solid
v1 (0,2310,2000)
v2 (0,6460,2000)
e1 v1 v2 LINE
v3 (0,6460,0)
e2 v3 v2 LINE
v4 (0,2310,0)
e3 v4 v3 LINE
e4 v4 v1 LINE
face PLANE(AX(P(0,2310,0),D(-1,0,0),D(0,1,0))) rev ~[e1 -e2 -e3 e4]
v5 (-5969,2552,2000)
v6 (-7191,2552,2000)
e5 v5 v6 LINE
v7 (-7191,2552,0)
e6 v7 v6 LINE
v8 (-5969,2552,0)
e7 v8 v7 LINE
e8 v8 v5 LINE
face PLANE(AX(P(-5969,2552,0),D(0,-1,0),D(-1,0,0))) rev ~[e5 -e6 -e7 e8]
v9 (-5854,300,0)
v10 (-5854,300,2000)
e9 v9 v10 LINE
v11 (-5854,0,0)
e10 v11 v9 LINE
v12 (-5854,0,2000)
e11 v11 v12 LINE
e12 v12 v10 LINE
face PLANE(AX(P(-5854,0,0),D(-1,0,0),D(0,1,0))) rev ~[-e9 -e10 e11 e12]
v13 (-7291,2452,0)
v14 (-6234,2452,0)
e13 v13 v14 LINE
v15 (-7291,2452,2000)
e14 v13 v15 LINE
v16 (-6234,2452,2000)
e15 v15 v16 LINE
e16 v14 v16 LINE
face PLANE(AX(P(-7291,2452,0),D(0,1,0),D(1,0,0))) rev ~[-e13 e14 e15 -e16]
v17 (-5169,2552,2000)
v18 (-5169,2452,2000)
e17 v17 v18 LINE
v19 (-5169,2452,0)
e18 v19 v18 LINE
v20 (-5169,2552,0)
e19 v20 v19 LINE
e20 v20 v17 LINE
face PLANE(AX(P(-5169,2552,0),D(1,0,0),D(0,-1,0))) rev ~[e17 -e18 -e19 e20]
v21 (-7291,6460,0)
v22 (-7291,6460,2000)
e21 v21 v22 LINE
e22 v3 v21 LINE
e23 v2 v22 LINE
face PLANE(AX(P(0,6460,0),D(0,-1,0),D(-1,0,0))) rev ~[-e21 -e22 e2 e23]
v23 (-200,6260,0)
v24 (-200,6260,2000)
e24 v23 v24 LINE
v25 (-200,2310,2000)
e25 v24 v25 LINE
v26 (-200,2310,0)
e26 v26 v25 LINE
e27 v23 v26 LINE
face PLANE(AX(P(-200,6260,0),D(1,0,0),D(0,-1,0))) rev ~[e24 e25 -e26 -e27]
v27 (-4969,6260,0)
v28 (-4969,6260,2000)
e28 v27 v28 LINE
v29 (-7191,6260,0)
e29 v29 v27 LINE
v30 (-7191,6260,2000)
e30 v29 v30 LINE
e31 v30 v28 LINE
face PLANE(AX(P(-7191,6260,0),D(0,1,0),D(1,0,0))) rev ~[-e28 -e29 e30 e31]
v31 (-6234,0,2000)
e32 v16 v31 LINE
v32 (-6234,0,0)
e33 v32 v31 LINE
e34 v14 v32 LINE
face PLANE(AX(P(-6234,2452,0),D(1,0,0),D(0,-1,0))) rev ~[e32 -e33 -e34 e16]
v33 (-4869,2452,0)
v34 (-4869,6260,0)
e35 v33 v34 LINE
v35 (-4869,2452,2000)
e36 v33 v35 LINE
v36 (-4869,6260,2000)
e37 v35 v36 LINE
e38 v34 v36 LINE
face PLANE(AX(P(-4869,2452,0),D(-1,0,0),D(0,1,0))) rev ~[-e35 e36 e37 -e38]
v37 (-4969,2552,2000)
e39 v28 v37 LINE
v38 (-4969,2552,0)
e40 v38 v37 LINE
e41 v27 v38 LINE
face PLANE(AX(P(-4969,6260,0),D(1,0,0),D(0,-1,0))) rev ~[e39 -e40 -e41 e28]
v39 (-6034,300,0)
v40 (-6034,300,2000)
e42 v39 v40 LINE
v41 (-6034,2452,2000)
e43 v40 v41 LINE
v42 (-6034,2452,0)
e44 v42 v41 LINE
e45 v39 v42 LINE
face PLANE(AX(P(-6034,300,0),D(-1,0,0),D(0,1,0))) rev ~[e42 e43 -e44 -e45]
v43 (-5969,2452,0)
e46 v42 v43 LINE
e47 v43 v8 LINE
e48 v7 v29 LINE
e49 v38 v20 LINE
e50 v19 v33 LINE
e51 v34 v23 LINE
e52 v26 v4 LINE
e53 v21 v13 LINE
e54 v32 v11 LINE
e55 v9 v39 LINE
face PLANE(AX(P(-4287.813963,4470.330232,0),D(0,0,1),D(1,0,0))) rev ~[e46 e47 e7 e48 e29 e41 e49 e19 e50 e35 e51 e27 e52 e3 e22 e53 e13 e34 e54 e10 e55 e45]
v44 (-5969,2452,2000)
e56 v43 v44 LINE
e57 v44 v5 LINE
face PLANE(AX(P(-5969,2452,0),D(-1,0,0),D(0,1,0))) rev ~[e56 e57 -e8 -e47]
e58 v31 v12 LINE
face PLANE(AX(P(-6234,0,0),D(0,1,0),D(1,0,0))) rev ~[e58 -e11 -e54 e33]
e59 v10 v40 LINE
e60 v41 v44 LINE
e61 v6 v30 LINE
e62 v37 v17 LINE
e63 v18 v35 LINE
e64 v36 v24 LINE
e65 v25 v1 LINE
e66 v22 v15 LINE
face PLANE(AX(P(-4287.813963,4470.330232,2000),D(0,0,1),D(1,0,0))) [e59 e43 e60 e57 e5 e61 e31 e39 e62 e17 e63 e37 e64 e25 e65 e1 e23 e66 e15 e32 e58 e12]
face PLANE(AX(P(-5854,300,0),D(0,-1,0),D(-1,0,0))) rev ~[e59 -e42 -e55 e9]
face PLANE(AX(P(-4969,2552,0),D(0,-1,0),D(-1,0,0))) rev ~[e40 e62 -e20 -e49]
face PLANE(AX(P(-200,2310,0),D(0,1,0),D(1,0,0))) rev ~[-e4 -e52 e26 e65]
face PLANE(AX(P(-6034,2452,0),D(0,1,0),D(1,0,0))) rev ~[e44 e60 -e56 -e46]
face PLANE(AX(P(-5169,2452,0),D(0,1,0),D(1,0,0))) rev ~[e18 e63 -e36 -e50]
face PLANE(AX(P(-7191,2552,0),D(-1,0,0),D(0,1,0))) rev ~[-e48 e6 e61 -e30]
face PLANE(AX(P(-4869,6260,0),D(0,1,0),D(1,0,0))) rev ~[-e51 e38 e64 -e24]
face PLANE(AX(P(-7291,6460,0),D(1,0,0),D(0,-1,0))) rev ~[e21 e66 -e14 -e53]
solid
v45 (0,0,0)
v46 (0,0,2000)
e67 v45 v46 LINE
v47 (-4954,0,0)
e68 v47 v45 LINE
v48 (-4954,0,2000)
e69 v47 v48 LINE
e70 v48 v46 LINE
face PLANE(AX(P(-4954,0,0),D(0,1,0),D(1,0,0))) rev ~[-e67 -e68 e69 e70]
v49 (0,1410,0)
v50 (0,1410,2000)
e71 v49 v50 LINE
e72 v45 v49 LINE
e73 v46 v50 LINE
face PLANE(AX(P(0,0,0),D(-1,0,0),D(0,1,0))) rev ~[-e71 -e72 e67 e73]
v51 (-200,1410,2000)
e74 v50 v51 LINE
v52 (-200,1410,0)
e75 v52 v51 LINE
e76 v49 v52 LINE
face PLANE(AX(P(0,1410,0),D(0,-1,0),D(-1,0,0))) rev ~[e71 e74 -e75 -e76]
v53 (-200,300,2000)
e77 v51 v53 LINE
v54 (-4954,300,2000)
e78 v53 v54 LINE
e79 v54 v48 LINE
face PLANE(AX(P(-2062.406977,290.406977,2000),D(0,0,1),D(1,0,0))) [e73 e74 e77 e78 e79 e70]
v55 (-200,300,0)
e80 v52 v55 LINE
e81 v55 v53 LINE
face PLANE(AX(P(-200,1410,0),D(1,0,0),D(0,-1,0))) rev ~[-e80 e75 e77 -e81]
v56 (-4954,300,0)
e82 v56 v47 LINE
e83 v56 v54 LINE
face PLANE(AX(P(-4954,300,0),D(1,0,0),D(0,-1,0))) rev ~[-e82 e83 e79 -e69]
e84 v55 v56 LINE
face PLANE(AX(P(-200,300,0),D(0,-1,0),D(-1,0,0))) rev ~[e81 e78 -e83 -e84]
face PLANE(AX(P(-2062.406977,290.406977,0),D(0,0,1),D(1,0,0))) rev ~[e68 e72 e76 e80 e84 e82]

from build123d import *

# Parameters (mm, degrees)
F1_DEPTH = 2000


with BuildPart() as f1:
    # F0 (on Top) → F1 (new body)
    with BuildSketch(Plane.XY):
        Polygon((-4954, 0), (0, 0), (0, 1410), (-200, 1410), (-200, 300), (-4954, 300), align=None)
        Polygon((-200, 2310), (0, 2310), (0, 6460), (-7291, 6460), (-7291, 2452), (-6234, 2452), (-6234, 0), (-5854, 0), (-5854, 300), (-6034, 300), (-6034, 2452), (-5969, 2452), (-5969, 2552), (-7191, 2552), (-7191, 6260), (-4969, 6260), (-4969, 2552), (-5169, 2552), (-5169, 2452), (-4869, 2452), (-4869, 6260), (-200, 6260), align=None)
    extrude(amount=F1_DEPTH)


solid = f1.part
